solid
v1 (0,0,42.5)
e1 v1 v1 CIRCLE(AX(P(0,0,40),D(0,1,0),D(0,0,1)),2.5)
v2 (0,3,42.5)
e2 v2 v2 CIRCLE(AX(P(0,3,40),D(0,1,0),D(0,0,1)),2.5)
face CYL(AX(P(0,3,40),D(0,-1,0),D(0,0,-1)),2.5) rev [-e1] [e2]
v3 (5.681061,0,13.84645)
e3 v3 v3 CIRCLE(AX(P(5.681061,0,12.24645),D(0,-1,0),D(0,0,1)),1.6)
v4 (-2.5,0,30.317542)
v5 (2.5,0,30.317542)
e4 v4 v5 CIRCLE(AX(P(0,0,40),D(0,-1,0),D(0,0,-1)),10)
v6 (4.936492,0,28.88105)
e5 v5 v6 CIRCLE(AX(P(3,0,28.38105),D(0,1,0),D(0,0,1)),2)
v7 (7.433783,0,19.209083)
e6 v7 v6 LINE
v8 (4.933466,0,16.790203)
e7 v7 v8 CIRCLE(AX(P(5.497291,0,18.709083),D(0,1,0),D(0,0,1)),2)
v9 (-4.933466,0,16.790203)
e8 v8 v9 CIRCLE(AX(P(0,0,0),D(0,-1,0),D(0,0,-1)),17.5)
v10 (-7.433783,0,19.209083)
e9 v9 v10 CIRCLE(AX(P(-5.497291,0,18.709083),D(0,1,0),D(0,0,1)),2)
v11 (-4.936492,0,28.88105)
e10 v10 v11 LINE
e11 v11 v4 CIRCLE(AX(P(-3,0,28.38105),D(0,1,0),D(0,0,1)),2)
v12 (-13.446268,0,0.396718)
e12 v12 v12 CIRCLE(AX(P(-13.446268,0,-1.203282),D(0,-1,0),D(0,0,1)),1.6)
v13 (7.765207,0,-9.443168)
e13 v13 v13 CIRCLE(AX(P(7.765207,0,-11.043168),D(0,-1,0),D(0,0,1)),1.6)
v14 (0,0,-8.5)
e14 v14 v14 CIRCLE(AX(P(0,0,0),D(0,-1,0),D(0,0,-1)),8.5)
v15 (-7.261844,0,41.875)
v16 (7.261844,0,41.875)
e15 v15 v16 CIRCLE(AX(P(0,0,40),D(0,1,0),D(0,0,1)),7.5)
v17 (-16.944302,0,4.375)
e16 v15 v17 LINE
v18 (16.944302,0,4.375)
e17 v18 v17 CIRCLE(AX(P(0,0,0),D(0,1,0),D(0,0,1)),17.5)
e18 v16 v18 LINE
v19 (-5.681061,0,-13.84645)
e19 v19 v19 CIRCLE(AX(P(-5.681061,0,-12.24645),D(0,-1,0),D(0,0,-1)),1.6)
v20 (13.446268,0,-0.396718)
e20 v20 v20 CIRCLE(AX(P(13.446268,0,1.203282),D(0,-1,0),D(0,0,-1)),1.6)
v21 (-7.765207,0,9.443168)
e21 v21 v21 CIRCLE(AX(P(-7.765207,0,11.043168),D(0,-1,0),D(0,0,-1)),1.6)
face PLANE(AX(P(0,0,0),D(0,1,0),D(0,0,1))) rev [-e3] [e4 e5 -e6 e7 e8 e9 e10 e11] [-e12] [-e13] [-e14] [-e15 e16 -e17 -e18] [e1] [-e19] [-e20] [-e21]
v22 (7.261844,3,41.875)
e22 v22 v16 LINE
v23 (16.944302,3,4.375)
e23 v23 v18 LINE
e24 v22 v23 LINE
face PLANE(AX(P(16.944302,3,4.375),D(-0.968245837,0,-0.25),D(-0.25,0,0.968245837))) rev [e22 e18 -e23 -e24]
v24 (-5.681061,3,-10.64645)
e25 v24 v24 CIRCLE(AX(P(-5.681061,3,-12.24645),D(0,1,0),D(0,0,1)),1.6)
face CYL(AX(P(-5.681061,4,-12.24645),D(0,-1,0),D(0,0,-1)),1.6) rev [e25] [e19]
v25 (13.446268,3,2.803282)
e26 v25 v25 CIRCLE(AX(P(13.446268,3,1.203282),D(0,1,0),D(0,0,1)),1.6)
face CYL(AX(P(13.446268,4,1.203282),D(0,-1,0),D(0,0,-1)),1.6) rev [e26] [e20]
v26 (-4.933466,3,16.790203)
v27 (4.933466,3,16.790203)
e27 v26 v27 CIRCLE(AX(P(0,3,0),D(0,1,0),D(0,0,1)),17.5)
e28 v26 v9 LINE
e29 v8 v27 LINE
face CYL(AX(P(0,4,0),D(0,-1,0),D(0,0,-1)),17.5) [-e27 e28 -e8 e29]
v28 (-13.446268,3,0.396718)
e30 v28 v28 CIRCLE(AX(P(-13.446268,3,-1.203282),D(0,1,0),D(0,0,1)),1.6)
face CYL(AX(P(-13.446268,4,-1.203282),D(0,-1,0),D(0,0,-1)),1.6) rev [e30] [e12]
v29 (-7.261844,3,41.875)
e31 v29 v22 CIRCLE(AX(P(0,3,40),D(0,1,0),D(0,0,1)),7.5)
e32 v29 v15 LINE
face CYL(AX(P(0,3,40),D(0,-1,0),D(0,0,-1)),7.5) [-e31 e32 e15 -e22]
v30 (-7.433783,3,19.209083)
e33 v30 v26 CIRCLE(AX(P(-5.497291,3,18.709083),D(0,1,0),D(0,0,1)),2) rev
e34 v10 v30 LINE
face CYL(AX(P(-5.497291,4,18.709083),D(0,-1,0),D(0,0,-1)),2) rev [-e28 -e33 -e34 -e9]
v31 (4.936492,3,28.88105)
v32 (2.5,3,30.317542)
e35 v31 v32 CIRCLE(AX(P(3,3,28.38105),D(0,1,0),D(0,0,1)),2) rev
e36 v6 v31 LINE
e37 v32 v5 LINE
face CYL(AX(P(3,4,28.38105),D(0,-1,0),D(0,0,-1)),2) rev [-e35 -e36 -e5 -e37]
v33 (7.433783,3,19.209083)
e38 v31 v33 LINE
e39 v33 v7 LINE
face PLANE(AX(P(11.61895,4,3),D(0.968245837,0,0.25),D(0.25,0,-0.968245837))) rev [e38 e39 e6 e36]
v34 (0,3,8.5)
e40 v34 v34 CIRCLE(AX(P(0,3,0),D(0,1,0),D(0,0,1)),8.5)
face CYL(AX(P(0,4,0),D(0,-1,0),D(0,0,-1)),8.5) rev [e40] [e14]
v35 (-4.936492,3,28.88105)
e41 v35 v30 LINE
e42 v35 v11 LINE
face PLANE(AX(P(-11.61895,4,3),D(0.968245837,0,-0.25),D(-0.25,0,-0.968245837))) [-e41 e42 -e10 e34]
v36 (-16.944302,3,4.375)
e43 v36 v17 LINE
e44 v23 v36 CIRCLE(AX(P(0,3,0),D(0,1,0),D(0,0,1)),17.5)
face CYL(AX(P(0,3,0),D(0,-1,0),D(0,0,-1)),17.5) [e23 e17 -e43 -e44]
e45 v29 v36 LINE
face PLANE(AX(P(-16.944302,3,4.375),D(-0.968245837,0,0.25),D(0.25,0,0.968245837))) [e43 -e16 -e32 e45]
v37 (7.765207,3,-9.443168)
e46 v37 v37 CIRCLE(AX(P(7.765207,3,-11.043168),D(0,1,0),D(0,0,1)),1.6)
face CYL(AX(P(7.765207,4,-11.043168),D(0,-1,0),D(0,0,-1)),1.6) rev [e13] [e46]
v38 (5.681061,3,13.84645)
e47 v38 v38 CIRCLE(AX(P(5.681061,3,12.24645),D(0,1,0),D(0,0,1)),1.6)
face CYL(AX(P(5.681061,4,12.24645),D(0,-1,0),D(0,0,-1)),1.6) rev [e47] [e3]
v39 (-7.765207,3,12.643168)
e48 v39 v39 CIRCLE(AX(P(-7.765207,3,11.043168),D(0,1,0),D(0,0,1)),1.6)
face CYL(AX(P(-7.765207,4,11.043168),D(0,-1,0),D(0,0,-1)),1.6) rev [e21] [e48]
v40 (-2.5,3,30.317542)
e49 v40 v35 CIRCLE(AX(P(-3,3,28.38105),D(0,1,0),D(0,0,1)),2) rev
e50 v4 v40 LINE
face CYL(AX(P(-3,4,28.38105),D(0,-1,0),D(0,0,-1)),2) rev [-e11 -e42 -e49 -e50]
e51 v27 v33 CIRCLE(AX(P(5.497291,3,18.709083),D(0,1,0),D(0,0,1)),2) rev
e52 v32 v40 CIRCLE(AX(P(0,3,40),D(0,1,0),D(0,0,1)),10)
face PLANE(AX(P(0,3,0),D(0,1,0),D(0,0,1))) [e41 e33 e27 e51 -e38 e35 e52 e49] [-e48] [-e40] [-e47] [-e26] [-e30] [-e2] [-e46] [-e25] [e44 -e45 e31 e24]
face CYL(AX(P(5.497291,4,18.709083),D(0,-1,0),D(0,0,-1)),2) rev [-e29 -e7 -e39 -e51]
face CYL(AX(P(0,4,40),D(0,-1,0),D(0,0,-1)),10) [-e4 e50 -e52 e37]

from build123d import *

# Parameters (mm, degrees)
SKETCH_1_R               = 17.5
SKETCH_1_R_2             = 7.5
SKETCH_1_R_3             = 2.5
EXTRUDE_1_DEPTH          = 3
SKETCH_2_R               = 1.6
SKETCH_2_R_2             = 8.5
CUT_EXTRUDE_1_DEPTH      = 4
PATTERN_CIRCULAR_1_COUNT = 2
CUT_EXTRUDE_2_DEPTH      = 4
FILLET_1_R               = 2


with BuildPart() as part:
    # 草图1 → 凸台-拉伸1 (new body)
    # profile 1 of 3: a face of its own
    with BuildSketch(Plane(origin=(0, 0, 0), x_dir=(1, 0, 0), z_dir=(0, 1, 0))):
        Circle(SKETCH_1_R)
    # profile 2 of 3: a face of its own
    with BuildSketch(Plane(origin=(0, 0, 0), x_dir=(1, 0, 0), z_dir=(0, 1, 0))):
        with BuildLine():
            Line((-16.94430214, -4.375), (-7.261843774, -41.875))
            ThreePointArc((-7.261843774, -41.875), (-0.945032194, -32.559777278), (7.5, -40))
            ThreePointArc((7.5, -40), (7.440222722, -40.945032194), (7.261843774, -41.875))
            Line((7.261843774, -41.875), (16.94430214, -4.375))
            ThreePointArc((16.94430214, -4.375), (0, -17.5), (-16.94430214, -4.375))
        make_face()
    # profile 3 of 3: a face of its own
    with BuildSketch(Plane(origin=(0, 0, 0), x_dir=(1, 0, 0), z_dir=(0, 1, 0))):
        with Locations((0, -40)):
            Circle(SKETCH_1_R_2)
        with Locations(Location((0, -40, 0), (0, 0, 270))):
            Circle(SKETCH_1_R_3, mode=Mode.SUBTRACT)
    extrude(amount=EXTRUDE_1_DEPTH)

    # 草图2 → 切除-拉伸1 (cut)
    with BuildSketch(Plane.XZ):
        with Locations(Location((13.446267609, 1.203281922, 0), (0, 0, 270))):
            Circle(SKETCH_2_R)
        with Locations(Location((-5.681061093, -12.246450296, 0), (0, 0, 270))):
            Circle(SKETCH_2_R)
        with Locations(Location((-7.765206517, 11.043168375, 0), (0, 0, 270))):
            Circle(SKETCH_2_R)
        with Locations(Location((0, 0, 0), (0, 0, 270))):
            Circle(SKETCH_2_R_2)
    cut_extrude_1 = extrude(amount=-CUT_EXTRUDE_1_DEPTH, mode=Mode.SUBTRACT)

    # 阵列(圆周)1: 切除-拉伸1 ×2 about axis
    pattern_circular_1_axis = Axis((0, 0, 0), (0, 1, 0))
    for i in range(1, PATTERN_CIRCULAR_1_COUNT):
        add(cut_extrude_1.rotate(pattern_circular_1_axis, i * 360 / PATTERN_CIRCULAR_1_COUNT), mode=Mode.SUBTRACT)

    # 草图3 → 切除-拉伸2 (cut)
    with BuildSketch(Plane.XZ):
        with BuildLine():
            ThreePointArc((-8.434515238, 15.33326295), (0, 17.5), (8.434515238, 15.33326295))
            Line((8.434515238, 15.33326295), (4.385981416, 31.013167019))
            ThreePointArc((4.385981416, 31.013167019), (0, 30), (-4.385981416, 31.013167019))
            Line((-4.385981416, 31.013167019), (-8.434515238, 15.33326295))
        make_face()
    extrude(amount=-CUT_EXTRUDE_2_DEPTH, mode=Mode.SUBTRACT)

    # 圆角1
    fillet_1_edges = [part.edges().sort_by_distance(p)[0] for p in [
        (-4.385981416, 1.5, 31.013167019),
        (4.385981416, 1.5, 31.013167019),
        (8.434515238, 1.5, 15.33326295),
        (-8.434515238, 1.5, 15.33326295),
    ]]
    fillet(fillet_1_edges, radius=FILLET_1_R)


solid = part.part
